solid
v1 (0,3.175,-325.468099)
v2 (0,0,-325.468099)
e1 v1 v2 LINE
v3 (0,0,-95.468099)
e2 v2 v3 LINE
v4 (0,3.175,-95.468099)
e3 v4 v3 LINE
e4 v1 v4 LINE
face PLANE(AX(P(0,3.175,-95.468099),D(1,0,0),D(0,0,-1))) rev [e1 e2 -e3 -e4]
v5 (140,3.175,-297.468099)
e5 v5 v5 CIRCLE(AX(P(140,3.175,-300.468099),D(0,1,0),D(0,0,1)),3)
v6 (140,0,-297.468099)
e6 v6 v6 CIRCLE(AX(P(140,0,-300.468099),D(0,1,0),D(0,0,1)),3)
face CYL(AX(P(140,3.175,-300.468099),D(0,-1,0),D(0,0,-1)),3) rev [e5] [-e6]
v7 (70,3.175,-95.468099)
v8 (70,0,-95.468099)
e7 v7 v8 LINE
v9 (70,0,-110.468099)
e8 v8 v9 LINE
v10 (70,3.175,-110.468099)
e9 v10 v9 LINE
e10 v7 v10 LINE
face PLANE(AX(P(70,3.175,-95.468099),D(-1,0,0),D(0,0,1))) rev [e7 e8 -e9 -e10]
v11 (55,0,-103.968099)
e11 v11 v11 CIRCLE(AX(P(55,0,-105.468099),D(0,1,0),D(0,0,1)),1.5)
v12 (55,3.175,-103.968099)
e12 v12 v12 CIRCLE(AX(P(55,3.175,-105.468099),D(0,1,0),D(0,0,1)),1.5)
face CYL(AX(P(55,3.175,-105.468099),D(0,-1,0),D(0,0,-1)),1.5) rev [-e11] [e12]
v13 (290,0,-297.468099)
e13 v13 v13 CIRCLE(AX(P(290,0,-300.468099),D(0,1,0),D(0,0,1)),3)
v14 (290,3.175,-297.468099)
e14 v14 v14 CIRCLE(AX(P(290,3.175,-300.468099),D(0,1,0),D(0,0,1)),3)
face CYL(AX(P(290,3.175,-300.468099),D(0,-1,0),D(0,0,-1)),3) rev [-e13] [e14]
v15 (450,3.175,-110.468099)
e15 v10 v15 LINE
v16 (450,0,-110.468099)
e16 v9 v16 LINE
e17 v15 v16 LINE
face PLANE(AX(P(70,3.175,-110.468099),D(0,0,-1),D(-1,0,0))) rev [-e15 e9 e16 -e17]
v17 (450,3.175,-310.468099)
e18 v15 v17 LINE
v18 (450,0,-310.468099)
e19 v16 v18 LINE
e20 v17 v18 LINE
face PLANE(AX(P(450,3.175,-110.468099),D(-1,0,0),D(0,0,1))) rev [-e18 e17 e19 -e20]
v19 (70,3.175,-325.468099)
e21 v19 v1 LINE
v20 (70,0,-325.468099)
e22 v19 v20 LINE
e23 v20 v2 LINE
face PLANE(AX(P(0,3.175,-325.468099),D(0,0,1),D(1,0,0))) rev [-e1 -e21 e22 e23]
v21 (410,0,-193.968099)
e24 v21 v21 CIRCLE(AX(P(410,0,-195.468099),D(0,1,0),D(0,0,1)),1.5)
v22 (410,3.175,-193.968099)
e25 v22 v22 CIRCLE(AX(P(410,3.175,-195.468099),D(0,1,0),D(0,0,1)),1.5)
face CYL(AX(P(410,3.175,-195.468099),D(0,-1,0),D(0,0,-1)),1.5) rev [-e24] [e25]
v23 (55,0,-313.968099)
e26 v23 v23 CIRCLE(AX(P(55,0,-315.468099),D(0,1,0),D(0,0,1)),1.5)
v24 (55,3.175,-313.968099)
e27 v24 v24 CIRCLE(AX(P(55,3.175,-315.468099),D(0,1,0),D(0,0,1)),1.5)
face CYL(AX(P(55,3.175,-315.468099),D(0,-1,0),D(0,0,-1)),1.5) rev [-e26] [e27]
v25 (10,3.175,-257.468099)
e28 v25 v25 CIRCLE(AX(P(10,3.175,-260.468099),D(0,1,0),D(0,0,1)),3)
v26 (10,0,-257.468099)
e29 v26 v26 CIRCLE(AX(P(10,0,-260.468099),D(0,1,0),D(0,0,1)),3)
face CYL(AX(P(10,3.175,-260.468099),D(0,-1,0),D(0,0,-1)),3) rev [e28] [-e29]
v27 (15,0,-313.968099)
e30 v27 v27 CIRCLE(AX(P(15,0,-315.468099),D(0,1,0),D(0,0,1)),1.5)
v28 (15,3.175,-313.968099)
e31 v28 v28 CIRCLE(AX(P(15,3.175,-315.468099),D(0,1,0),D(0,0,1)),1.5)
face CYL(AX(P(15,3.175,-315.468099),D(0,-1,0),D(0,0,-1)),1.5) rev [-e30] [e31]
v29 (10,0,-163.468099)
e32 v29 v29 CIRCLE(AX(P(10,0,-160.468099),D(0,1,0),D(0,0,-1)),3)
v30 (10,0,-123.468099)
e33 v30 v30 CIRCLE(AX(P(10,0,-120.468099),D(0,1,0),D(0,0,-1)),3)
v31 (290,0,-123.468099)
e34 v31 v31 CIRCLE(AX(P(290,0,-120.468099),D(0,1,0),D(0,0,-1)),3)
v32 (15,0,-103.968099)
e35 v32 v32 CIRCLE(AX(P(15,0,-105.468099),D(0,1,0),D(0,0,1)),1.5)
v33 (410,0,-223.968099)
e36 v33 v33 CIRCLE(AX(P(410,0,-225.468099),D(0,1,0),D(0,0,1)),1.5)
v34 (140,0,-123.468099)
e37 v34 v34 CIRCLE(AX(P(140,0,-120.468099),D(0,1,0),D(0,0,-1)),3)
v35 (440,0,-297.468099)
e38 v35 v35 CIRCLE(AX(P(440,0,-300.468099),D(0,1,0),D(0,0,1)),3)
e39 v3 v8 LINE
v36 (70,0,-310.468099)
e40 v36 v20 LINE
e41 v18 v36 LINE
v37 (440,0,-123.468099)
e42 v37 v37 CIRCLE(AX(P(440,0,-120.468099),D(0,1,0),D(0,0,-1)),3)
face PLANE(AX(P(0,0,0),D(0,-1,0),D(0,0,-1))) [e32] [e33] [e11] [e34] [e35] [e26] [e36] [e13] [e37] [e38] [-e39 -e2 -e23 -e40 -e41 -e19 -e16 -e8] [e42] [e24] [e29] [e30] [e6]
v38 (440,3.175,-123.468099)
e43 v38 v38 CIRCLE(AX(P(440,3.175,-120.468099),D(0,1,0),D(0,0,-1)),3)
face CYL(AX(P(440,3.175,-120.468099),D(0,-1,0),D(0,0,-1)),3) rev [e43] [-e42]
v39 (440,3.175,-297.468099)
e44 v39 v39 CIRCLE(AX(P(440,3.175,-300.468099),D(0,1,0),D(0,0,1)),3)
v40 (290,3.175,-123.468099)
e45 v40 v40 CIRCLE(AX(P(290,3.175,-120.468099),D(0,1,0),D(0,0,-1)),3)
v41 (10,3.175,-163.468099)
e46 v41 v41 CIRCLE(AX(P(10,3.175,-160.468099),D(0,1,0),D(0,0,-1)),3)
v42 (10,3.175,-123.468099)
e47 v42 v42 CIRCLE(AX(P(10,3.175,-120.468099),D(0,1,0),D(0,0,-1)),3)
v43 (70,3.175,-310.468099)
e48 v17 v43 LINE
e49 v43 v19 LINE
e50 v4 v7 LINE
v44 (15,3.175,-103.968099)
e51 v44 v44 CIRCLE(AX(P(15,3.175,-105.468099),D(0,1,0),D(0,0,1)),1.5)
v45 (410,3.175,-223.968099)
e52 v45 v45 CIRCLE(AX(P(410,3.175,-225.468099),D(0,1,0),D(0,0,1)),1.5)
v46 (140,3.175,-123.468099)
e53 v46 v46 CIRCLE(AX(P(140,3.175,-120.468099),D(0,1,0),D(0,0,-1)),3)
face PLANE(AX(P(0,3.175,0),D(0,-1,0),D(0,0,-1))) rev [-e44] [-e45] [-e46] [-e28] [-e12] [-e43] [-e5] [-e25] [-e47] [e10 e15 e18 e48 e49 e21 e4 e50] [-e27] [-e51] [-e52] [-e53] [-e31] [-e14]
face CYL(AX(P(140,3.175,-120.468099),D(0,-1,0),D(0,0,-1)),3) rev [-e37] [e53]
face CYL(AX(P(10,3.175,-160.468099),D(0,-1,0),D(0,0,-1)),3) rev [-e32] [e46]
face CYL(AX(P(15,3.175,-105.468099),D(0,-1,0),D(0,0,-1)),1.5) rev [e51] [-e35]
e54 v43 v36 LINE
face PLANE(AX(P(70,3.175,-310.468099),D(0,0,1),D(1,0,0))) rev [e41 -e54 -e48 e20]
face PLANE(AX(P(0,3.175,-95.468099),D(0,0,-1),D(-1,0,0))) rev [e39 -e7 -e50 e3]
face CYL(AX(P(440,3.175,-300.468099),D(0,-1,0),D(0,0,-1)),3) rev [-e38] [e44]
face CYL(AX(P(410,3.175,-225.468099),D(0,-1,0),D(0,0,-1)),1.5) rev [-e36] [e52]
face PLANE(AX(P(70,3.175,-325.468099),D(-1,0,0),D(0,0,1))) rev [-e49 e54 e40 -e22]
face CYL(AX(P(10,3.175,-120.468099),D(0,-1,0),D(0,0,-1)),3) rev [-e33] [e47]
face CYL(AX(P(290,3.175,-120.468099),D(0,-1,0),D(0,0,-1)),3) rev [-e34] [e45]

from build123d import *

# Parameters (mm, degrees)
SKETCH1_R           = 1.5
SKETCH1_R_2         = 3
BOSS_EXTRUDE1_DEPTH = 3.175


with BuildPart() as part:
    # Sketch1 → Boss-Extrude1 (new body)
    with BuildSketch(Plane(origin=(0, 0, 0), x_dir=(1, 0, 0), z_dir=(0, 1, 0))):
        Polygon((70, 110.468098835), (450, 110.468098835), (450, 310.468098835), (70, 310.468098835), (70, 325.468098835), (0, 325.468098835), (0, 95.468098835), (70, 95.468098835), align=None)
        with Locations(Location((55, 315.468098835, 0), (0, 0, 270))):
            Circle(SKETCH1_R, mode=Mode.SUBTRACT)
        with Locations(Location((15, 315.468098835, 0), (0, 0, 270))):
            Circle(SKETCH1_R, mode=Mode.SUBTRACT)
        with Locations(Location((55, 105.468098835, 0), (0, 0, 270))):
            Circle(SKETCH1_R, mode=Mode.SUBTRACT)
        with Locations(Location((15, 105.468098835, 0), (0, 0, 270))):
            Circle(SKETCH1_R, mode=Mode.SUBTRACT)
        with Locations(Location((410, 225.468098835, 0), (0, 0, 270))):
            Circle(SKETCH1_R, mode=Mode.SUBTRACT)
        with Locations(Location((410, 195.468098835, 0), (0, 0, 270))):
            Circle(SKETCH1_R, mode=Mode.SUBTRACT)
        with Locations(Location((10, 260.468098835, 0), (0, 0, 270))):
            Circle(SKETCH1_R_2, mode=Mode.SUBTRACT)
        with Locations(Location((440, 300.468098835, 0), (0, 0, 270))):
            Circle(SKETCH1_R_2, mode=Mode.SUBTRACT)
        with Locations(Location((140, 300.468098835, 0), (0, 0, 270))):
            Circle(SKETCH1_R_2, mode=Mode.SUBTRACT)
        with Locations(Location((290, 300.468098835, 0), (0, 0, 270))):
            Circle(SKETCH1_R_2, mode=Mode.SUBTRACT)
        with Locations(Location((440, 120.468098835, 0), (0, 0, 90))):
            Circle(SKETCH1_R_2, mode=Mode.SUBTRACT)
        with Locations(Location((290, 120.468098835, 0), (0, 0, 90))):
            Circle(SKETCH1_R_2, mode=Mode.SUBTRACT)
        with Locations(Location((140, 120.468098835, 0), (0, 0, 90))):
            Circle(SKETCH1_R_2, mode=Mode.SUBTRACT)
        with Locations(Location((10, 120.468098835, 0), (0, 0, 90))):
            Circle(SKETCH1_R_2, mode=Mode.SUBTRACT)
        with Locations(Location((10, 160.468098835, 0), (0, 0, 90))):
            Circle(SKETCH1_R_2, mode=Mode.SUBTRACT)
    extrude(amount=BOSS_EXTRUDE1_DEPTH)


solid = part.part
